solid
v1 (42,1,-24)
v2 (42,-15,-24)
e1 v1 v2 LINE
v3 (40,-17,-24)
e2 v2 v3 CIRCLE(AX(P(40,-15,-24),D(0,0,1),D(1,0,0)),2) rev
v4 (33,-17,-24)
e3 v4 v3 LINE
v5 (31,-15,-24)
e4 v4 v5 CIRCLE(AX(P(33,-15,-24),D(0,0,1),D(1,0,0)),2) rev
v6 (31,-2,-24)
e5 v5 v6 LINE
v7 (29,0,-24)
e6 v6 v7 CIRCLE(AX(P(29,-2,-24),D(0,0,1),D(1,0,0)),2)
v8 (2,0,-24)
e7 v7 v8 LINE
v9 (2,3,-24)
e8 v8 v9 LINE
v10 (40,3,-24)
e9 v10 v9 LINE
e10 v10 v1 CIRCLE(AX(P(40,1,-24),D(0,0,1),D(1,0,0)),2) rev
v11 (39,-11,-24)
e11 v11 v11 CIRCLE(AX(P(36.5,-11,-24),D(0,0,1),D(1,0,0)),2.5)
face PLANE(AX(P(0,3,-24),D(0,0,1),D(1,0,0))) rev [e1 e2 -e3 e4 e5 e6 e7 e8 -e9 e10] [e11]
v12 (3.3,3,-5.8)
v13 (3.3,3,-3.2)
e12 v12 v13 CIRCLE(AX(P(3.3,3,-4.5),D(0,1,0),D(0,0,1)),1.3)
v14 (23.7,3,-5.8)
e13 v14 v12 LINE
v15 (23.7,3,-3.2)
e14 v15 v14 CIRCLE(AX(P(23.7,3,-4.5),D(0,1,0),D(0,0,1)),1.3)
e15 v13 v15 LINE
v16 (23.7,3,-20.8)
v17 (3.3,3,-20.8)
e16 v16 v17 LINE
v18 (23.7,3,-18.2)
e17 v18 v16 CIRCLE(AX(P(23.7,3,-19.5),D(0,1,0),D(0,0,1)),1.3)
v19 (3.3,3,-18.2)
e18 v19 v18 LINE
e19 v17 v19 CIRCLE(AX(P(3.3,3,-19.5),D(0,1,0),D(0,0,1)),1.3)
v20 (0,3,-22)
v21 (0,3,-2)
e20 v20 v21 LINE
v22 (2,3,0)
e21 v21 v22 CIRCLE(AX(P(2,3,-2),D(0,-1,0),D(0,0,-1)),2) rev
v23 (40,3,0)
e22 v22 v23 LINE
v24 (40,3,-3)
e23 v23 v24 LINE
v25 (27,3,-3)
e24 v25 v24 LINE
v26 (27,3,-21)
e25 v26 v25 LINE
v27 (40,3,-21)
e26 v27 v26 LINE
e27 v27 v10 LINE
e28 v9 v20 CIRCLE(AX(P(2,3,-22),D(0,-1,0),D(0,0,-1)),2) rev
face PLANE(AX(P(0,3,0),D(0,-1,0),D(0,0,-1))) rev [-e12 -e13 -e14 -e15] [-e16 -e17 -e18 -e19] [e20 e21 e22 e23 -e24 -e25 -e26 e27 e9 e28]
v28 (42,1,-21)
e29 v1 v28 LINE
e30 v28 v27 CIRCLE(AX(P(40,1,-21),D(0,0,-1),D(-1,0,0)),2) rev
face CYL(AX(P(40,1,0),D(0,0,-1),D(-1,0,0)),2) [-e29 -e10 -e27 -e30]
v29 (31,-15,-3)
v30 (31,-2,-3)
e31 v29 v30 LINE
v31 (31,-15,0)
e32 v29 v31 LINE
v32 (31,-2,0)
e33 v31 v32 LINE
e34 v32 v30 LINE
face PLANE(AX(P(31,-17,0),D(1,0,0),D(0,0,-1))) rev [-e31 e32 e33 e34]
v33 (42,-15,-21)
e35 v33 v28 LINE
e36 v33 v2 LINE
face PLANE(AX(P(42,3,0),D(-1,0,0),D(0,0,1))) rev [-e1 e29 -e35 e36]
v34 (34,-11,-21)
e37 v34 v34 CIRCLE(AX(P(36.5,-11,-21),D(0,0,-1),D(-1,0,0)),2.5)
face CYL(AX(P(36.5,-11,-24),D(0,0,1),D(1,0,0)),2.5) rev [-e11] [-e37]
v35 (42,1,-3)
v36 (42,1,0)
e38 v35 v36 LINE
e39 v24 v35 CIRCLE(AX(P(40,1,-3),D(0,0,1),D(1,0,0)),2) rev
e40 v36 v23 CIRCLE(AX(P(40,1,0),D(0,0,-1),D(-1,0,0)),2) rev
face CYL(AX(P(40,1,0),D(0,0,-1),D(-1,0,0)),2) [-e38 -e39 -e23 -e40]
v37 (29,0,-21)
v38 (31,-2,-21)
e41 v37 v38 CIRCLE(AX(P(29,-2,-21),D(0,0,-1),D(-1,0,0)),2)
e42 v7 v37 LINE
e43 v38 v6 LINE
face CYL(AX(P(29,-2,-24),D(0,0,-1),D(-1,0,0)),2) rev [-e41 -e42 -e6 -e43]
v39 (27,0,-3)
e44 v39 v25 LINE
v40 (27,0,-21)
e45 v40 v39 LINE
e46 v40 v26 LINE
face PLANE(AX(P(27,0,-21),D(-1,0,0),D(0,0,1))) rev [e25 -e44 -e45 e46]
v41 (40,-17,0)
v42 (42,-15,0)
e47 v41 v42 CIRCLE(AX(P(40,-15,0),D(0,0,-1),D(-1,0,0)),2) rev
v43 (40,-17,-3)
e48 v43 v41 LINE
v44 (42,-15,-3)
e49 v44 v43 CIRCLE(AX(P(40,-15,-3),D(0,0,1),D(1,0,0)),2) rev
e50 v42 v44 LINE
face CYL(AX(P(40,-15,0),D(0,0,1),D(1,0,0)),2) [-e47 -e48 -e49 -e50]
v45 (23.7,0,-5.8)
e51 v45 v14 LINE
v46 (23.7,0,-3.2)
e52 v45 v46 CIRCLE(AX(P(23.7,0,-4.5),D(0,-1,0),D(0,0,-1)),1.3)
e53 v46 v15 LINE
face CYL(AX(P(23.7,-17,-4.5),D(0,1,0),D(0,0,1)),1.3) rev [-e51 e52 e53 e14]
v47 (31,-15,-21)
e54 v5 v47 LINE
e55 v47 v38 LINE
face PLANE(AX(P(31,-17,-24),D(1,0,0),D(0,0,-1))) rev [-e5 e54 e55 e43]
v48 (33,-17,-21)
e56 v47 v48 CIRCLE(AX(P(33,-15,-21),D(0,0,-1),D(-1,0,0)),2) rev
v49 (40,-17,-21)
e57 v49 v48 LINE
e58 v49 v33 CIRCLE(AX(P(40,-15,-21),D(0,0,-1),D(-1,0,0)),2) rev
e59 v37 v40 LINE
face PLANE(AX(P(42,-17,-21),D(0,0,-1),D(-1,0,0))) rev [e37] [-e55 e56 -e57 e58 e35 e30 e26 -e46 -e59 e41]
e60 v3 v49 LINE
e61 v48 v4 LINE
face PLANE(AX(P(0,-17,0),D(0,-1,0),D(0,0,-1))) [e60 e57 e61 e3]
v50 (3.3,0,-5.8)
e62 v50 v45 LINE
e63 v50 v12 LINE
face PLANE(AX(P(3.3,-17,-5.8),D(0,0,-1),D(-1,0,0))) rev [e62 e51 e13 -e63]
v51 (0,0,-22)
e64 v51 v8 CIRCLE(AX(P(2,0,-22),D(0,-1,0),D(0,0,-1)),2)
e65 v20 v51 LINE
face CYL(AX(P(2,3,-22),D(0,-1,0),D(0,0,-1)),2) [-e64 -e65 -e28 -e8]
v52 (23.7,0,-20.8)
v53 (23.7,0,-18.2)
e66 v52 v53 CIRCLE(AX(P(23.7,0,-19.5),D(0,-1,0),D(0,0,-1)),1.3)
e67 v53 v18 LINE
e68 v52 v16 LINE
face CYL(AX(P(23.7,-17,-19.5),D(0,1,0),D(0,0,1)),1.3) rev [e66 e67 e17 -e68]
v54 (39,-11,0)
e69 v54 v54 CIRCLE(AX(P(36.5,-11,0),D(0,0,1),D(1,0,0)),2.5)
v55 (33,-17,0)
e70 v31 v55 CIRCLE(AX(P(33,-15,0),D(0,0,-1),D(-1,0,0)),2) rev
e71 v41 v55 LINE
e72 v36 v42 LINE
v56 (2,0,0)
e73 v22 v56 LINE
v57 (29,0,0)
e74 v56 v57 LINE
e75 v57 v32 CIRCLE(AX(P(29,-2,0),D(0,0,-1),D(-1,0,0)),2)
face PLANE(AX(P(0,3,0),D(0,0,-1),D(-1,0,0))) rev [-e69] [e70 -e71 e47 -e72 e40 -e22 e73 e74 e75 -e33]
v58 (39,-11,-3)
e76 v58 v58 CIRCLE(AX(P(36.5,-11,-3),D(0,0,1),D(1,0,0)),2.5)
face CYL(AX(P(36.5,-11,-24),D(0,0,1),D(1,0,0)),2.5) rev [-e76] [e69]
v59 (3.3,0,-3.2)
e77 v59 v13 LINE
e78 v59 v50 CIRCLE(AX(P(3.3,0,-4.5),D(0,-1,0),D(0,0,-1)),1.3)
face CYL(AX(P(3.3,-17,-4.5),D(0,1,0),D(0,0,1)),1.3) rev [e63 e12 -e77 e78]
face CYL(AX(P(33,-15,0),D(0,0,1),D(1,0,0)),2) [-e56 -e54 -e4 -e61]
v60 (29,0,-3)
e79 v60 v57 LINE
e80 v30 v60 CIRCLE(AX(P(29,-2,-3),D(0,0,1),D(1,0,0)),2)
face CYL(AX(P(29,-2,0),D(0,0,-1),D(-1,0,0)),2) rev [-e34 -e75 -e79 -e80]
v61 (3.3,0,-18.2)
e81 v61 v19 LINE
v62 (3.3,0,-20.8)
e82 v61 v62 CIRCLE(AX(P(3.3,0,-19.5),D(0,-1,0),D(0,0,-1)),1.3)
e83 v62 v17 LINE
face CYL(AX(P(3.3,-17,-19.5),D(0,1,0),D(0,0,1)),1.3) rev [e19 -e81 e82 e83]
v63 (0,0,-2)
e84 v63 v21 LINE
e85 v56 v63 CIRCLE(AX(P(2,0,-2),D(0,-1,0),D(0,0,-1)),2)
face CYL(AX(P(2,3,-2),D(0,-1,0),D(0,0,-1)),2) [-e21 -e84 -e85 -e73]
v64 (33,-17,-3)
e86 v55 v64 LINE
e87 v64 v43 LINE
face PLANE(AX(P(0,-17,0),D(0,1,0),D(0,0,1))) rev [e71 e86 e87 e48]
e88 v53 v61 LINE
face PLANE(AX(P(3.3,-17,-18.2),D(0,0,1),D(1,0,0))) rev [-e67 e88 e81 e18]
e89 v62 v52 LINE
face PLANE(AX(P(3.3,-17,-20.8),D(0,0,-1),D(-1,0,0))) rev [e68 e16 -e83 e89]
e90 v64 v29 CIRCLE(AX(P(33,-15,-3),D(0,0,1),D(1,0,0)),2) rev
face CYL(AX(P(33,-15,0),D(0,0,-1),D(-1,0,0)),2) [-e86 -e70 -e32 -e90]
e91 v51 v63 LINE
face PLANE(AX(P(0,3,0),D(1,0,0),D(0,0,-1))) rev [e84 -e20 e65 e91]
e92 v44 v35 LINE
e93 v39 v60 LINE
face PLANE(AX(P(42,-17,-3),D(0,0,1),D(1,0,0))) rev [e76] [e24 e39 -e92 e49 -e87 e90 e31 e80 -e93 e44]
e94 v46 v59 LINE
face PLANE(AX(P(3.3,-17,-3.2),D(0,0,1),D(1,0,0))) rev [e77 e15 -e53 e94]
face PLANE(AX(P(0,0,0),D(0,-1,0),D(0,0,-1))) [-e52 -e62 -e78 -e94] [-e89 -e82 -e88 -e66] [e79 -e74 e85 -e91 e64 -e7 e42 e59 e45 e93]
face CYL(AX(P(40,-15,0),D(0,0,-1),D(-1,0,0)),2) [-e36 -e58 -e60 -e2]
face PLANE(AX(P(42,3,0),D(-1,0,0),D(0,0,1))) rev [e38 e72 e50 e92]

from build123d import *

# Parameters (mm, degrees)
SKETCH1_W           = 42
SKETCH1_H           = 24
BOSS_EXTRUDE1_DEPTH = 3
SKETCH2_W           = 11
SKETCH2_H           = 3
BOSS_EXTRUDE2_DEPTH = 17
SKETCH3_R           = 2.5
CUT_EXTRUDE1_DEPTH  = 52.273774973
SKETCH4_W           = 15
SKETCH4_H           = 18
CUT_EXTRUDE2_DEPTH  = 3
FILLET1_R           = 2
FILLET2_R           = 2
FILLET3_R           = 2
CUT_EXTRUDE3_DEPTH  = 53.345009313


with BuildPart() as part:
    # Sketch1 → Boss-Extrude1 (new body)
    with BuildSketch(Plane(origin=(0, 0, 0), x_dir=(1, 0, 0), z_dir=(0, 1, 0))):
        with Locations((21, 12)):
            Rectangle(SKETCH1_W, SKETCH1_H)
    extrude(amount=BOSS_EXTRUDE1_DEPTH)

    # Sketch2 → Boss-Extrude2 (add)
    with BuildSketch(Plane.XZ):
        with Locations((36.5, -1.5)):
            Rectangle(SKETCH2_W, SKETCH2_H)
        with Locations((36.5, -22.5)):
            Rectangle(SKETCH2_W, SKETCH2_H)
    extrude(amount=BOSS_EXTRUDE2_DEPTH)

    # Sketch3 → Cut-Extrude1 (cut, through all)
    with BuildSketch(Plane.XY):
        with Locations((36.5, -11)):
            Circle(SKETCH3_R)
    extrude(amount=-CUT_EXTRUDE1_DEPTH, mode=Mode.SUBTRACT)

    # Sketch4 → Cut-Extrude2 (cut)
    with BuildSketch(Plane(origin=(0, 3, 0), x_dir=(1, 0, 0), z_dir=(0, 1, 0))):
        with Locations((34.5, 12)):
            Rectangle(SKETCH4_W, SKETCH4_H)
    extrude(amount=-CUT_EXTRUDE2_DEPTH, mode=Mode.SUBTRACT)

    # Fillet1
    fillet1_edges = [part.edges().sort_by_distance(p)[0] for p in [
        (0, 1.5, -24),
        (0, 1.5, 0),
    ]]
    fillet(fillet1_edges, radius=FILLET1_R)

    # Fillet2
    fillet2_edges = [part.edges().sort_by_distance(p)[0] for p in [
        (42, 3, -1.5),
        (42, -17, -1.5),
        (31, -17, -1.5),
        (42, -17, -22.5),
        (31, -17, -22.5),
        (42, 3, -22.5),
    ]]
    fillet(fillet2_edges, radius=FILLET2_R)

    # Fillet3
    fillet3_edges = [part.edges().sort_by_distance(p)[0] for p in [
        (31, 0, -1.5),
        (31, 0, -22.5),
    ]]
    fillet(fillet3_edges, radius=FILLET3_R)

    # Sketch6 → Cut-Extrude3 (cut, through all)
    with BuildSketch(Plane(origin=(0, 3, 0), x_dir=(1, 0, 0), z_dir=(0, 1, 0))):
        with BuildLine():
            Line((3.3, 20.8), (23.7, 20.8))
            ThreePointArc((23.7, 20.8), (25, 19.5), (23.7, 18.2))
            Line((23.7, 18.2), (3.3, 18.2))
            ThreePointArc((3.3, 18.2), (2, 19.5), (3.3, 20.8))
        make_face()
        with BuildLine():
            Line((3.3, 5.8), (23.7, 5.8))
            ThreePointArc((23.7, 5.8), (25, 4.5), (23.7, 3.2))
            Line((23.7, 3.2), (3.3, 3.2))
            ThreePointArc((3.3, 3.2), (2, 4.5), (3.3, 5.8))
        make_face()
    extrude(amount=-CUT_EXTRUDE3_DEPTH, mode=Mode.SUBTRACT)


solid = part.part
